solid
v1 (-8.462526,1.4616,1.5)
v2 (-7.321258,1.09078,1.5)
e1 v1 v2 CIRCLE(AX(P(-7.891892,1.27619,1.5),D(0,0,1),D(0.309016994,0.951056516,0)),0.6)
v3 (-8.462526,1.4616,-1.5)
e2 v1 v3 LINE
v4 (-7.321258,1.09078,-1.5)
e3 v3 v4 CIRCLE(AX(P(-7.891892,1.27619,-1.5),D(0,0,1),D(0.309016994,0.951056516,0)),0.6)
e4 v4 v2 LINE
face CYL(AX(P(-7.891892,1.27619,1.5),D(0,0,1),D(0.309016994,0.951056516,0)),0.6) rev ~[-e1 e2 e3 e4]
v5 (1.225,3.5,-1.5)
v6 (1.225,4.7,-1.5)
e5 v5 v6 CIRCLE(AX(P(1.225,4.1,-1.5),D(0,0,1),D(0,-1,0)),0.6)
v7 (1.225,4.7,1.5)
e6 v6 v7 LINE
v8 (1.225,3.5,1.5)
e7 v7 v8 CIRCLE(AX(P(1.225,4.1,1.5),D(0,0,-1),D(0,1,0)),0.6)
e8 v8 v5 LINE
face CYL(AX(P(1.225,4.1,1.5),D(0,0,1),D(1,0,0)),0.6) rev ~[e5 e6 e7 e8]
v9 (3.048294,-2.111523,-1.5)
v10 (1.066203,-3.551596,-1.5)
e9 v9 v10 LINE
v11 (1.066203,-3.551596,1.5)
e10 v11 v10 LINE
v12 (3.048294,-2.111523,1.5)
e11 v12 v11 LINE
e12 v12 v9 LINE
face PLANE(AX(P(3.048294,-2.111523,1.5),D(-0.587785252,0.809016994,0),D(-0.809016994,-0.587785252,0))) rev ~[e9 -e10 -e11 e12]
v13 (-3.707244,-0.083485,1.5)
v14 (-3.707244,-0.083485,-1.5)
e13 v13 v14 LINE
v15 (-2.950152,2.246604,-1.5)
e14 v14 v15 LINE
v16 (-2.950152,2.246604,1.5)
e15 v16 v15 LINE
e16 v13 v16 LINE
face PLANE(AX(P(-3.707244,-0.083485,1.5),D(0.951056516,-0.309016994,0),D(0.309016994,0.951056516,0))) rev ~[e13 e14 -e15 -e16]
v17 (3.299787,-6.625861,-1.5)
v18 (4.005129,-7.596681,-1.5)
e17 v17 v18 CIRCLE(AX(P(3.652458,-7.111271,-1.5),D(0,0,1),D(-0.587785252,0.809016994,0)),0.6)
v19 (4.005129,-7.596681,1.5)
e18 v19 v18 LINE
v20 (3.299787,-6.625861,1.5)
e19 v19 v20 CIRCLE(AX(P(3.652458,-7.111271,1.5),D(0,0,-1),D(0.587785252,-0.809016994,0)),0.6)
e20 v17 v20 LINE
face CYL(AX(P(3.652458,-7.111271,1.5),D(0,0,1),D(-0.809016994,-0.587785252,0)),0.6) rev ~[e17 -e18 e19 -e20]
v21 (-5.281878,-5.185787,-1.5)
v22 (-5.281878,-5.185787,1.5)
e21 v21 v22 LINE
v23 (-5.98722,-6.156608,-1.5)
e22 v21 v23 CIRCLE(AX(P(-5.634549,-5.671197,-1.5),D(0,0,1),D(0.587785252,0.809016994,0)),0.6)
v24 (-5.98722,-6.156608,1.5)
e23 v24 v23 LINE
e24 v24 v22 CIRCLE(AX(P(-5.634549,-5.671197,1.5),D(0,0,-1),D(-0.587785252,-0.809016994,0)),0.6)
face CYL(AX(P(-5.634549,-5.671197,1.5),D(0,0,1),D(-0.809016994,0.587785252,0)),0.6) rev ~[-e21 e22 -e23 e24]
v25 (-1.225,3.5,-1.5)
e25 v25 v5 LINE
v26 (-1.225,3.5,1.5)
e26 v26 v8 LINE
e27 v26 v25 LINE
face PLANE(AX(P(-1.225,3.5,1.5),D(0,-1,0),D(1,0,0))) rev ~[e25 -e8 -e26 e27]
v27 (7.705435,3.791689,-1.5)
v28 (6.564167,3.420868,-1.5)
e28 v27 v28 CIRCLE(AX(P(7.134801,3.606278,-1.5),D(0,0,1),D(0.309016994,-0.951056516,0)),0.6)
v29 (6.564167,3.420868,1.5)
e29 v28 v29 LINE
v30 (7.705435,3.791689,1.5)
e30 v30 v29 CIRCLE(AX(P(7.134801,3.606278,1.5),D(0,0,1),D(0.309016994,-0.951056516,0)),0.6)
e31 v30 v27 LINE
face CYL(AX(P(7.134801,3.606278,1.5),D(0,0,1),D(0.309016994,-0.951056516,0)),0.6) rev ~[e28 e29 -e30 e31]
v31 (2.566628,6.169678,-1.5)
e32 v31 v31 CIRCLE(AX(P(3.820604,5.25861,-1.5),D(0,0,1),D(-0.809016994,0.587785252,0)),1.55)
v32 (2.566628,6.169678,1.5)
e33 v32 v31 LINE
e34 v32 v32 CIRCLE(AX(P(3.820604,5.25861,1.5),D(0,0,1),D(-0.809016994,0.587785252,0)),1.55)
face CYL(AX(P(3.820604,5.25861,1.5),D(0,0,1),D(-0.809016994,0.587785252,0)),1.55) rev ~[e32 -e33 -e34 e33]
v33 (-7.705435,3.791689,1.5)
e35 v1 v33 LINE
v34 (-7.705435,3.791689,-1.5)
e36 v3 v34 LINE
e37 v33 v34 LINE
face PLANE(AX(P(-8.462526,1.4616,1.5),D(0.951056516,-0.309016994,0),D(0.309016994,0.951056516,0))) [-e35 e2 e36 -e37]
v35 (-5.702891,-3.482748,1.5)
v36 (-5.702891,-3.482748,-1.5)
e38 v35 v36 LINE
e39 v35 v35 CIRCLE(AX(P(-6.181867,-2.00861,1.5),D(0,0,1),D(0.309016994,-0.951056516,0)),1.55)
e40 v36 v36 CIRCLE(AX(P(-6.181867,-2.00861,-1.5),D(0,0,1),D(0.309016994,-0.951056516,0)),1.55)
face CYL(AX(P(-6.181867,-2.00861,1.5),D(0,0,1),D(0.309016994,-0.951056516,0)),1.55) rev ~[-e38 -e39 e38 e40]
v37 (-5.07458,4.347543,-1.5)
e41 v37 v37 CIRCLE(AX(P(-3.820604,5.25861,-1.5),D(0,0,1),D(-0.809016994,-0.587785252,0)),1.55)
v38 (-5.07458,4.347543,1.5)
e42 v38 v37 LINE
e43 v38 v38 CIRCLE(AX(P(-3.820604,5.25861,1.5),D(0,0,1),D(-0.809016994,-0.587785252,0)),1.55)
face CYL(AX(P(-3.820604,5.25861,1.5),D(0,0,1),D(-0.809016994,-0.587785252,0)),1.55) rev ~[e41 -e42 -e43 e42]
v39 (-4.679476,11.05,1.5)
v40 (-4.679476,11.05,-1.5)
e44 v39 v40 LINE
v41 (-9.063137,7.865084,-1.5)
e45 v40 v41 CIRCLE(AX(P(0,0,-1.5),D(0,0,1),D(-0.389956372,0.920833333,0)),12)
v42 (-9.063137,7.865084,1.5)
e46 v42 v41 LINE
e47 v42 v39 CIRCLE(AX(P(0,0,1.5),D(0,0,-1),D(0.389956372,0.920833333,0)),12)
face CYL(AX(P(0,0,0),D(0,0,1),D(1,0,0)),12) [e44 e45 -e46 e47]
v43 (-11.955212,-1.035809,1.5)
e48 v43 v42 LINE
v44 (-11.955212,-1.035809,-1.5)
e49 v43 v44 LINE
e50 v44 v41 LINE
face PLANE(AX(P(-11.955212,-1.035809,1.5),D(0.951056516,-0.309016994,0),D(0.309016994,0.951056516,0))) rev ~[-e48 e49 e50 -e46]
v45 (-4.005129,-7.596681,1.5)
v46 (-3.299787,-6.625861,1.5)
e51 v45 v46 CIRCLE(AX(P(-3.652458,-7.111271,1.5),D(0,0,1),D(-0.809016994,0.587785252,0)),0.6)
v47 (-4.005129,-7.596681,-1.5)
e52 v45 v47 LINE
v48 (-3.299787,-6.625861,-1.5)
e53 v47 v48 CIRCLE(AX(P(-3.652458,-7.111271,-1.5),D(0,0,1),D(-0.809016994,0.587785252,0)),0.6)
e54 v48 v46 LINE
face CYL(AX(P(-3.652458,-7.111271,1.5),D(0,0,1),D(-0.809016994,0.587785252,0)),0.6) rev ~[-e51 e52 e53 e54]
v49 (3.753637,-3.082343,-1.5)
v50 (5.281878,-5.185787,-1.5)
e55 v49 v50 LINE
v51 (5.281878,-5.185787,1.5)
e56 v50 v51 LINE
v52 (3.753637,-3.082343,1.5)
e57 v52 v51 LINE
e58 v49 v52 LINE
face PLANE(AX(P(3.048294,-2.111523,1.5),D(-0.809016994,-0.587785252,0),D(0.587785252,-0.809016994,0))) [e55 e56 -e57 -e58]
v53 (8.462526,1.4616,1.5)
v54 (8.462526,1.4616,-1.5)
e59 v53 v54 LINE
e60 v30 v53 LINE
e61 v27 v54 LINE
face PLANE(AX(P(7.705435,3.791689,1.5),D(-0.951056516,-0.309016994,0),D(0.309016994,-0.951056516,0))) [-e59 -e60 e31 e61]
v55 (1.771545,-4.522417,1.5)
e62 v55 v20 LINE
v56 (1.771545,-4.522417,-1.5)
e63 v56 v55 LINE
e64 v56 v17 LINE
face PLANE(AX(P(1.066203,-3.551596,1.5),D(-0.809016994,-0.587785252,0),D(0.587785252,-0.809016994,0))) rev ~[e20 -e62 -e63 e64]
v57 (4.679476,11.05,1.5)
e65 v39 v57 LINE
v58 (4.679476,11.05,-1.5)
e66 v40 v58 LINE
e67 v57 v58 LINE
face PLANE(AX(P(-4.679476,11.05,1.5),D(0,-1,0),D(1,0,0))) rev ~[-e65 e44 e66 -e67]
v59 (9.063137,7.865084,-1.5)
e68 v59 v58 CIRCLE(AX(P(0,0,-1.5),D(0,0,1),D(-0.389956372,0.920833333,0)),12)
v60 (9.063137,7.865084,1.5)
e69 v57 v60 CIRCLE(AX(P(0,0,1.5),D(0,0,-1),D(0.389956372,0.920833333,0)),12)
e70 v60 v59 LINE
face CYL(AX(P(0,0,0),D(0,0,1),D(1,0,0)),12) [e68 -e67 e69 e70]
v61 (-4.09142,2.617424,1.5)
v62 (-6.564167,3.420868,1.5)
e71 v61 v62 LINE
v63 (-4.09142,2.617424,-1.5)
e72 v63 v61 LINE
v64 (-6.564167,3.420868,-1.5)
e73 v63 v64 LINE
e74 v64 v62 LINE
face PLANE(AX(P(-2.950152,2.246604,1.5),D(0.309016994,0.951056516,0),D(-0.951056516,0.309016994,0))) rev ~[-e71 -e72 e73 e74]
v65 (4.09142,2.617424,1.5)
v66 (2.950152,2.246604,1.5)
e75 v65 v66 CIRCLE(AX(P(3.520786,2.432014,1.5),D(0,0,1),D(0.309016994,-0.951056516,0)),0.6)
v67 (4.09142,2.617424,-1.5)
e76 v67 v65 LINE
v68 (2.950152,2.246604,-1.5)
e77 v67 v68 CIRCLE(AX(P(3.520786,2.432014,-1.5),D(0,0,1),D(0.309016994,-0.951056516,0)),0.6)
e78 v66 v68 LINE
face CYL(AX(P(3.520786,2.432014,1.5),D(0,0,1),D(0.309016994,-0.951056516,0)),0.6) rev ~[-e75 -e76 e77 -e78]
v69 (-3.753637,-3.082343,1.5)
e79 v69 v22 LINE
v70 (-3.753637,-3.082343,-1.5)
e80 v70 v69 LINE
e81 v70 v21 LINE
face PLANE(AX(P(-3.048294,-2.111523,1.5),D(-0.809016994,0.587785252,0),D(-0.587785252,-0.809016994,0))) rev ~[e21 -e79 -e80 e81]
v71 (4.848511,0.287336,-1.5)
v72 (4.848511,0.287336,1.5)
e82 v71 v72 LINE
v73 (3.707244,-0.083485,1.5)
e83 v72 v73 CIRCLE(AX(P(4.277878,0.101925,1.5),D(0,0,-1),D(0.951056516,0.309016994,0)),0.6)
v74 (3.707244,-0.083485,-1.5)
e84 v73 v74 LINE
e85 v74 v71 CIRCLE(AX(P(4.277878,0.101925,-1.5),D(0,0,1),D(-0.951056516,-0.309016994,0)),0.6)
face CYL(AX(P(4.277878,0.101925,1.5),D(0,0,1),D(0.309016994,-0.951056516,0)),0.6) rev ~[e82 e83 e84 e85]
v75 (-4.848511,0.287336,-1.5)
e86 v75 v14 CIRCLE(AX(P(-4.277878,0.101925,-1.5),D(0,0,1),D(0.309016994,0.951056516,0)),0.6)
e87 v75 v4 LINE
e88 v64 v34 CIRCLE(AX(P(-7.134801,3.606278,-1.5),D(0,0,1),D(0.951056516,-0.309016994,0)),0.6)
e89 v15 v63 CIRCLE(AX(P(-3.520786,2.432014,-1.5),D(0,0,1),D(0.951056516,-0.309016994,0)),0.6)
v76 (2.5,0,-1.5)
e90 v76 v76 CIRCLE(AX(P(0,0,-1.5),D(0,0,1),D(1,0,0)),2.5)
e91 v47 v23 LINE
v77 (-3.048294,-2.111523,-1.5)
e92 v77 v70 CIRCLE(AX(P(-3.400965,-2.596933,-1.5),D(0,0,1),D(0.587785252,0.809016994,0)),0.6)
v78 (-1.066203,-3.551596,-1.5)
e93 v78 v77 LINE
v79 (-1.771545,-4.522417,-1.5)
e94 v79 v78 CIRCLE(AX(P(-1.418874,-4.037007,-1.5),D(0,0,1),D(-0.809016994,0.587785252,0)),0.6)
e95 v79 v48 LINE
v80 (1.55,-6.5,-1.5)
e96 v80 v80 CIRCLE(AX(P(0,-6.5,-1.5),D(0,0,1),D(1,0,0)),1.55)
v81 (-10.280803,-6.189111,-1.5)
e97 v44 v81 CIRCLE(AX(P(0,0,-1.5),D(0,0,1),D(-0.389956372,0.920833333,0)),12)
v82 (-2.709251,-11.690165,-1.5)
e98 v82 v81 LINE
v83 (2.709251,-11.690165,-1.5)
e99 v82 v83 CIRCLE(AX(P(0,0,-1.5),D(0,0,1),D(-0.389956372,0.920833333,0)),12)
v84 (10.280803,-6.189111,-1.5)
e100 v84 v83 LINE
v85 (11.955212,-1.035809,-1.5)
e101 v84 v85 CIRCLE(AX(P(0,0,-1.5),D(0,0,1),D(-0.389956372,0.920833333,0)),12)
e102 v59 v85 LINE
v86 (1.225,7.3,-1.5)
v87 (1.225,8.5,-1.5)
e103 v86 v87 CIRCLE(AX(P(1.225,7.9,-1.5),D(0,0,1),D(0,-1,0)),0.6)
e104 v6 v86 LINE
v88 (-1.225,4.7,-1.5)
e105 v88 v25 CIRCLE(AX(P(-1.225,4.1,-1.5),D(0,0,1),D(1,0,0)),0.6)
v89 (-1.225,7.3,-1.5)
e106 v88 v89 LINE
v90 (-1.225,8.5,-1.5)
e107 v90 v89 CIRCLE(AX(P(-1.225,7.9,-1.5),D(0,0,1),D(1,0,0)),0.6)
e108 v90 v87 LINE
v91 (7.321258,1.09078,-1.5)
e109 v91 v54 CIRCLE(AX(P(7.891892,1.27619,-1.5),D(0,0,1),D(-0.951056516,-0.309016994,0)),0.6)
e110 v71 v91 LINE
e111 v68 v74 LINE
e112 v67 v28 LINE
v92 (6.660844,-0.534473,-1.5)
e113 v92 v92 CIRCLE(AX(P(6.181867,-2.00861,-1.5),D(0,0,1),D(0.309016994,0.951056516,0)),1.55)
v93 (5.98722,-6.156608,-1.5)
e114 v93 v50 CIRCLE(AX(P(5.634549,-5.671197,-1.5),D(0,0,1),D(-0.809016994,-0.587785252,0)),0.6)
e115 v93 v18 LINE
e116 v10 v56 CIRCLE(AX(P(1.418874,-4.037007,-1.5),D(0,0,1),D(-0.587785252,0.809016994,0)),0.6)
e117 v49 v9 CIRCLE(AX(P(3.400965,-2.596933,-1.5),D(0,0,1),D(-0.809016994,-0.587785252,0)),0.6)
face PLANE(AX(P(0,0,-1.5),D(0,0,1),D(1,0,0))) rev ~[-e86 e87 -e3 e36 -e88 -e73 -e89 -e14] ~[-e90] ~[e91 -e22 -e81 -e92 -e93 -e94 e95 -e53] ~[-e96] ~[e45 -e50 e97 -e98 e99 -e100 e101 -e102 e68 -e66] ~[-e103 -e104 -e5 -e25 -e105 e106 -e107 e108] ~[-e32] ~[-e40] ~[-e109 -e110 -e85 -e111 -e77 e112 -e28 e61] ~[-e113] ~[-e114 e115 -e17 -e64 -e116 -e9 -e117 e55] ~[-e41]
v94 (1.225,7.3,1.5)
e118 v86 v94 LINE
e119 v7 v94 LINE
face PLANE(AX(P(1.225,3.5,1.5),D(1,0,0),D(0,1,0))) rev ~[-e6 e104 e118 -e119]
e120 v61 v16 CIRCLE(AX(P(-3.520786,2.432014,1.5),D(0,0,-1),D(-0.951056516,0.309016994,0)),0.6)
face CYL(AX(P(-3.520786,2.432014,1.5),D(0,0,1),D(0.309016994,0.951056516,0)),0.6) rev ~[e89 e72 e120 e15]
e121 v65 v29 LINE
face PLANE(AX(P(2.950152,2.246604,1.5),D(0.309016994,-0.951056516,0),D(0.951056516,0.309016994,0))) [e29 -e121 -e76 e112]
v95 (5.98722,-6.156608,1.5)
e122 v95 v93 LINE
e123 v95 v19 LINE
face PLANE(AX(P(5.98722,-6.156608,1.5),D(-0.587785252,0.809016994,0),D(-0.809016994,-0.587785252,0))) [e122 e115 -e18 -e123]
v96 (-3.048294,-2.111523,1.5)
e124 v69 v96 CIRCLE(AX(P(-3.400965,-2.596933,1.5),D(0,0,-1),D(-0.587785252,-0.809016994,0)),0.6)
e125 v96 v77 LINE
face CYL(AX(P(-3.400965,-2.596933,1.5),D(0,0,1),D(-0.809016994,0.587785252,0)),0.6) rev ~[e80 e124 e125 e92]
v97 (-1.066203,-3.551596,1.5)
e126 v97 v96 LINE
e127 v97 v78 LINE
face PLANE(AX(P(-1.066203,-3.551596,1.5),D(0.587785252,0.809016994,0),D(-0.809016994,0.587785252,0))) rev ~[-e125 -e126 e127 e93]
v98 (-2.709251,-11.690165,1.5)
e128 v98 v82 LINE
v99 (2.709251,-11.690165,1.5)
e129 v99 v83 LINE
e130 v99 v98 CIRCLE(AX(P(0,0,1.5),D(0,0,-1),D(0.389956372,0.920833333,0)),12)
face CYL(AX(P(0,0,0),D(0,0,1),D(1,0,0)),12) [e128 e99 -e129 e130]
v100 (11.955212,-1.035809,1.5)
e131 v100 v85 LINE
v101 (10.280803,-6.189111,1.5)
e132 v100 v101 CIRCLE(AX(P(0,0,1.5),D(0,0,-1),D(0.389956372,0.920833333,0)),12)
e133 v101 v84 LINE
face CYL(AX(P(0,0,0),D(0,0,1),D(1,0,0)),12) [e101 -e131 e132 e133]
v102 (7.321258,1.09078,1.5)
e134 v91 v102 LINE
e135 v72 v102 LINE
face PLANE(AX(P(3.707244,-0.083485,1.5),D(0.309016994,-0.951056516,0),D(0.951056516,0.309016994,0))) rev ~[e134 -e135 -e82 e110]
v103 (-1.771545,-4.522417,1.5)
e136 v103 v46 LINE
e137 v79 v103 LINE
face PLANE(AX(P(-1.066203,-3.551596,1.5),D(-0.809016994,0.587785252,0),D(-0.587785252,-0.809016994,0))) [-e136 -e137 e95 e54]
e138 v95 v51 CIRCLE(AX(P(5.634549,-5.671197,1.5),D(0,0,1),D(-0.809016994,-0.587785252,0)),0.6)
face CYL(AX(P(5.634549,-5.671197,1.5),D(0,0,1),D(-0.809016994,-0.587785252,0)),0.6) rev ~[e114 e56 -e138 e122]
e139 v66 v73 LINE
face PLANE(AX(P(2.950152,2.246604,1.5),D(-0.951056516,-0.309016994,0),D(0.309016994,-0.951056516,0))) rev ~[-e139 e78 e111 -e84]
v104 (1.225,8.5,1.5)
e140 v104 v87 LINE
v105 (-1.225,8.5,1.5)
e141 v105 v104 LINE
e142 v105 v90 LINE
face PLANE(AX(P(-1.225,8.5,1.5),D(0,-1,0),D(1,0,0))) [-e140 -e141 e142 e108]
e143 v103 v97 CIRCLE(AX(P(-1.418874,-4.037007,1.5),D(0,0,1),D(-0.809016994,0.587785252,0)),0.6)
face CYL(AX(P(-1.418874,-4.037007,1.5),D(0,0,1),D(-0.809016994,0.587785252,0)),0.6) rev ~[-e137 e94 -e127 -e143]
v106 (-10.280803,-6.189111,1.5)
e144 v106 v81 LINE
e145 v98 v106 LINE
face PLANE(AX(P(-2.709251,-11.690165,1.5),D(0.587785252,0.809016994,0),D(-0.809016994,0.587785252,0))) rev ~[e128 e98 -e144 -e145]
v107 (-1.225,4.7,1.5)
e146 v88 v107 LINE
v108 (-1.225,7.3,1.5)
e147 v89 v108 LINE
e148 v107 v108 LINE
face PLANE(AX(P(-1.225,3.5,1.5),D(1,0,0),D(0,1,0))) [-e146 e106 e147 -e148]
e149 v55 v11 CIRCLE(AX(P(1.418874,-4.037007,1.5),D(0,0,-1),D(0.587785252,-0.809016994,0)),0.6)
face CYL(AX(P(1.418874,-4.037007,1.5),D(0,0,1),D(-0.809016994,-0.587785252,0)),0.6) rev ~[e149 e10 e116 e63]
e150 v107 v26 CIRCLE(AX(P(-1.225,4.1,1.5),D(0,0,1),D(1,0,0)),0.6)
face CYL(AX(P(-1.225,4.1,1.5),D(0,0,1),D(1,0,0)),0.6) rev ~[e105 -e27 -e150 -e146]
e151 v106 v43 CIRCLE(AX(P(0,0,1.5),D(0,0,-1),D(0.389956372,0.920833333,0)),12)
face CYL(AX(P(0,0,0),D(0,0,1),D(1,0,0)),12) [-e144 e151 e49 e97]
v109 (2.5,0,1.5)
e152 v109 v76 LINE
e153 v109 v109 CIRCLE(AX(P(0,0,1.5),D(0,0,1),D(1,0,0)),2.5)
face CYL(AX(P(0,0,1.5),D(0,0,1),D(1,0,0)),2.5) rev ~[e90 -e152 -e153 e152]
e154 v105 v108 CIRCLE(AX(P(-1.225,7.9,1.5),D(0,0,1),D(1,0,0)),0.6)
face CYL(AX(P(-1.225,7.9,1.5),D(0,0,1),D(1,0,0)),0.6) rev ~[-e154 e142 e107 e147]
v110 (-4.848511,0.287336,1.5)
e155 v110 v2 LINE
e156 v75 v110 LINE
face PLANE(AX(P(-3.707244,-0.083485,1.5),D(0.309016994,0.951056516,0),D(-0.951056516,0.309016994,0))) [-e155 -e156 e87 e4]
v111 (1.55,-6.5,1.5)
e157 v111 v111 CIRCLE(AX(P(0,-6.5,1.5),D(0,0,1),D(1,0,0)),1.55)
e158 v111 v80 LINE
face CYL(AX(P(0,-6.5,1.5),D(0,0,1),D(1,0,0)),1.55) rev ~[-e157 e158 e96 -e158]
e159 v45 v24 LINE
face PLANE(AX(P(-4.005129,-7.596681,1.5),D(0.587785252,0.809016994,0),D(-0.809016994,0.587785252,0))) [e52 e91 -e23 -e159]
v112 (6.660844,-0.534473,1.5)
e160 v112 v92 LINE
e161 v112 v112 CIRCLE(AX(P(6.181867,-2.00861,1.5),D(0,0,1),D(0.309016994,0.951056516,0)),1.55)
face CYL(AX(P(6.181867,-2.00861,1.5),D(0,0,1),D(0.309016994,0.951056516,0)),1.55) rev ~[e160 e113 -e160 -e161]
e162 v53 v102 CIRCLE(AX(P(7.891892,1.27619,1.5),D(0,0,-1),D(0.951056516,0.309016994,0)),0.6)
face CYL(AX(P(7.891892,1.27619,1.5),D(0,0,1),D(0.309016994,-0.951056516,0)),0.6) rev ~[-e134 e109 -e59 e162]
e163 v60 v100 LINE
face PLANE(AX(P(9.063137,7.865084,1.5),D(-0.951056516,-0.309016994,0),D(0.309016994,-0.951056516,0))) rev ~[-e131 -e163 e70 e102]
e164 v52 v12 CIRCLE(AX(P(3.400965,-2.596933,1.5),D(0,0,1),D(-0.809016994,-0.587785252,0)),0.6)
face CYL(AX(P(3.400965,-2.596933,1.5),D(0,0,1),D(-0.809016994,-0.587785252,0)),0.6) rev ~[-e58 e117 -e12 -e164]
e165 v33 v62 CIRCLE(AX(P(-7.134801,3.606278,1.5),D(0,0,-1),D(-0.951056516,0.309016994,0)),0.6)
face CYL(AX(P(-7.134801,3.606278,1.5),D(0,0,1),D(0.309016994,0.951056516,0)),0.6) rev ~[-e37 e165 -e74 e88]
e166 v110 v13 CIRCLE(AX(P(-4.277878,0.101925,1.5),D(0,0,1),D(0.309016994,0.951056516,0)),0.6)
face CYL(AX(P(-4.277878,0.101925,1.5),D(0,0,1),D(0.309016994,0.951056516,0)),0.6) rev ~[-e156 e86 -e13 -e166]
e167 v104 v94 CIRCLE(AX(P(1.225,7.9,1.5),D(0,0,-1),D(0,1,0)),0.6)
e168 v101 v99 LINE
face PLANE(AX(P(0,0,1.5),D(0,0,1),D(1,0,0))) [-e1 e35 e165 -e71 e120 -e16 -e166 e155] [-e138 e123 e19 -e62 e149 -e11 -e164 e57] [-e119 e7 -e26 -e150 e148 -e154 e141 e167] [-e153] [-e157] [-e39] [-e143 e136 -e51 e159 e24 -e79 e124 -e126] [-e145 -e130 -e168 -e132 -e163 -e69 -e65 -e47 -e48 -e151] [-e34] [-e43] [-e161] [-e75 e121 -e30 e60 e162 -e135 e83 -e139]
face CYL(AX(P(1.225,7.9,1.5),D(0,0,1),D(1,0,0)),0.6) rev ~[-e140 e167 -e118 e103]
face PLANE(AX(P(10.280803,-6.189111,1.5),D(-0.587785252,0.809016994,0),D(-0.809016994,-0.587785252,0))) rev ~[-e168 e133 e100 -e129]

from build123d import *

# Parameters (mm, degrees)
SKETCH_1_R               = 12
EXTRUDE_1_DEPTH          = 1.5
SKETCH_2_R               = 1.55
SKETCH_2_W               = 2.45
SKETCH_2_H               = 5
CUT_EXTRUDE_1_DEPTH      = 4
PATTERN_CIRCULAR_1_COUNT = 5
SKETCH_3_R               = 0.6
CUT_EXTRUDE_2_DEPTH      = 4
PATTERN_CIRCULAR_2_COUNT = 5
SKETCH_4_R               = 2.5
CUT_EXTRUDE_3_DEPTH      = 4
CUT_EXTRUDE_4_DEPTH      = 4
PATTERN_CIRCULAR_3_COUNT = 5


with BuildPart() as part:
    # 草图1 → 凸台-拉伸1 (new body, symmetric)
    with BuildSketch(Plane.XY):
        Circle(SKETCH_1_R)
    extrude(amount=EXTRUDE_1_DEPTH, both=True)

    # 草图2 → 切除-拉伸1 (cut, through all)
    with BuildSketch(Plane.XY.offset(1.5)):
        with Locations((0, -6.5)):
            Circle(SKETCH_2_R)
        with Locations((0, 6)):
            Rectangle(SKETCH_2_W, SKETCH_2_H)
    cut_extrude_1 = extrude(amount=-CUT_EXTRUDE_1_DEPTH, mode=Mode.SUBTRACT)

    # 阵列(圆周)1: 切除-拉伸1 ×5 about axis
    pattern_circular_1_axis = Axis((0, 0, 0), (0, 0, 1))
    for i in range(1, PATTERN_CIRCULAR_1_COUNT):
        add(cut_extrude_1.rotate(pattern_circular_1_axis, i * 360 / PATTERN_CIRCULAR_1_COUNT), mode=Mode.SUBTRACT)

    # 草图3 → 切除-拉伸2 (cut, through all)
    with BuildSketch(Plane.XY.offset(1.5)):
        with Locations((1.225, 7.9)):
            Circle(SKETCH_3_R)
        with Locations((-1.225, 7.9)):
            Circle(SKETCH_3_R)
        with Locations((-1.225, 4.1)):
            Circle(SKETCH_3_R)
        with Locations((1.225, 4.1)):
            Circle(SKETCH_3_R)
    cut_extrude_2 = extrude(amount=-CUT_EXTRUDE_2_DEPTH, mode=Mode.SUBTRACT)

    # 阵列(圆周)2: 切除-拉伸2 ×5 about axis
    pattern_circular_2_axis = Axis((0, 0, 0), (0, 0, 1))
    for i in range(1, PATTERN_CIRCULAR_2_COUNT):
        add(cut_extrude_2.rotate(pattern_circular_2_axis, i * 360 / PATTERN_CIRCULAR_2_COUNT), mode=Mode.SUBTRACT)

    # 草图4 → 切除-拉伸3 (cut, through all)
    with BuildSketch(Plane.XY.offset(1.5)):
        Circle(SKETCH_4_R)
    extrude(amount=-CUT_EXTRUDE_3_DEPTH, mode=Mode.SUBTRACT)

    # 草图5 → 切除-拉伸4 (cut, through all)
    with BuildSketch(Plane.XY.offset(1.5)):
        with BuildLine():
            Line((-4.679476466, 11.05), (4.679476466, 11.05))
            ThreePointArc((4.679476466, 11.05), (0, 12), (-4.679476466, 11.05))
        make_face()
    cut_extrude_4 = extrude(amount=-CUT_EXTRUDE_4_DEPTH, mode=Mode.SUBTRACT)

    # 阵列(圆周)3: 切除-拉伸4 ×5 about axis
    pattern_circular_3_axis = Axis((0, 0, 0), (0, 0, 1))
    for i in range(1, PATTERN_CIRCULAR_3_COUNT):
        add(cut_extrude_4.rotate(pattern_circular_3_axis, i * 360 / PATTERN_CIRCULAR_3_COUNT), mode=Mode.SUBTRACT)


solid = part.part
